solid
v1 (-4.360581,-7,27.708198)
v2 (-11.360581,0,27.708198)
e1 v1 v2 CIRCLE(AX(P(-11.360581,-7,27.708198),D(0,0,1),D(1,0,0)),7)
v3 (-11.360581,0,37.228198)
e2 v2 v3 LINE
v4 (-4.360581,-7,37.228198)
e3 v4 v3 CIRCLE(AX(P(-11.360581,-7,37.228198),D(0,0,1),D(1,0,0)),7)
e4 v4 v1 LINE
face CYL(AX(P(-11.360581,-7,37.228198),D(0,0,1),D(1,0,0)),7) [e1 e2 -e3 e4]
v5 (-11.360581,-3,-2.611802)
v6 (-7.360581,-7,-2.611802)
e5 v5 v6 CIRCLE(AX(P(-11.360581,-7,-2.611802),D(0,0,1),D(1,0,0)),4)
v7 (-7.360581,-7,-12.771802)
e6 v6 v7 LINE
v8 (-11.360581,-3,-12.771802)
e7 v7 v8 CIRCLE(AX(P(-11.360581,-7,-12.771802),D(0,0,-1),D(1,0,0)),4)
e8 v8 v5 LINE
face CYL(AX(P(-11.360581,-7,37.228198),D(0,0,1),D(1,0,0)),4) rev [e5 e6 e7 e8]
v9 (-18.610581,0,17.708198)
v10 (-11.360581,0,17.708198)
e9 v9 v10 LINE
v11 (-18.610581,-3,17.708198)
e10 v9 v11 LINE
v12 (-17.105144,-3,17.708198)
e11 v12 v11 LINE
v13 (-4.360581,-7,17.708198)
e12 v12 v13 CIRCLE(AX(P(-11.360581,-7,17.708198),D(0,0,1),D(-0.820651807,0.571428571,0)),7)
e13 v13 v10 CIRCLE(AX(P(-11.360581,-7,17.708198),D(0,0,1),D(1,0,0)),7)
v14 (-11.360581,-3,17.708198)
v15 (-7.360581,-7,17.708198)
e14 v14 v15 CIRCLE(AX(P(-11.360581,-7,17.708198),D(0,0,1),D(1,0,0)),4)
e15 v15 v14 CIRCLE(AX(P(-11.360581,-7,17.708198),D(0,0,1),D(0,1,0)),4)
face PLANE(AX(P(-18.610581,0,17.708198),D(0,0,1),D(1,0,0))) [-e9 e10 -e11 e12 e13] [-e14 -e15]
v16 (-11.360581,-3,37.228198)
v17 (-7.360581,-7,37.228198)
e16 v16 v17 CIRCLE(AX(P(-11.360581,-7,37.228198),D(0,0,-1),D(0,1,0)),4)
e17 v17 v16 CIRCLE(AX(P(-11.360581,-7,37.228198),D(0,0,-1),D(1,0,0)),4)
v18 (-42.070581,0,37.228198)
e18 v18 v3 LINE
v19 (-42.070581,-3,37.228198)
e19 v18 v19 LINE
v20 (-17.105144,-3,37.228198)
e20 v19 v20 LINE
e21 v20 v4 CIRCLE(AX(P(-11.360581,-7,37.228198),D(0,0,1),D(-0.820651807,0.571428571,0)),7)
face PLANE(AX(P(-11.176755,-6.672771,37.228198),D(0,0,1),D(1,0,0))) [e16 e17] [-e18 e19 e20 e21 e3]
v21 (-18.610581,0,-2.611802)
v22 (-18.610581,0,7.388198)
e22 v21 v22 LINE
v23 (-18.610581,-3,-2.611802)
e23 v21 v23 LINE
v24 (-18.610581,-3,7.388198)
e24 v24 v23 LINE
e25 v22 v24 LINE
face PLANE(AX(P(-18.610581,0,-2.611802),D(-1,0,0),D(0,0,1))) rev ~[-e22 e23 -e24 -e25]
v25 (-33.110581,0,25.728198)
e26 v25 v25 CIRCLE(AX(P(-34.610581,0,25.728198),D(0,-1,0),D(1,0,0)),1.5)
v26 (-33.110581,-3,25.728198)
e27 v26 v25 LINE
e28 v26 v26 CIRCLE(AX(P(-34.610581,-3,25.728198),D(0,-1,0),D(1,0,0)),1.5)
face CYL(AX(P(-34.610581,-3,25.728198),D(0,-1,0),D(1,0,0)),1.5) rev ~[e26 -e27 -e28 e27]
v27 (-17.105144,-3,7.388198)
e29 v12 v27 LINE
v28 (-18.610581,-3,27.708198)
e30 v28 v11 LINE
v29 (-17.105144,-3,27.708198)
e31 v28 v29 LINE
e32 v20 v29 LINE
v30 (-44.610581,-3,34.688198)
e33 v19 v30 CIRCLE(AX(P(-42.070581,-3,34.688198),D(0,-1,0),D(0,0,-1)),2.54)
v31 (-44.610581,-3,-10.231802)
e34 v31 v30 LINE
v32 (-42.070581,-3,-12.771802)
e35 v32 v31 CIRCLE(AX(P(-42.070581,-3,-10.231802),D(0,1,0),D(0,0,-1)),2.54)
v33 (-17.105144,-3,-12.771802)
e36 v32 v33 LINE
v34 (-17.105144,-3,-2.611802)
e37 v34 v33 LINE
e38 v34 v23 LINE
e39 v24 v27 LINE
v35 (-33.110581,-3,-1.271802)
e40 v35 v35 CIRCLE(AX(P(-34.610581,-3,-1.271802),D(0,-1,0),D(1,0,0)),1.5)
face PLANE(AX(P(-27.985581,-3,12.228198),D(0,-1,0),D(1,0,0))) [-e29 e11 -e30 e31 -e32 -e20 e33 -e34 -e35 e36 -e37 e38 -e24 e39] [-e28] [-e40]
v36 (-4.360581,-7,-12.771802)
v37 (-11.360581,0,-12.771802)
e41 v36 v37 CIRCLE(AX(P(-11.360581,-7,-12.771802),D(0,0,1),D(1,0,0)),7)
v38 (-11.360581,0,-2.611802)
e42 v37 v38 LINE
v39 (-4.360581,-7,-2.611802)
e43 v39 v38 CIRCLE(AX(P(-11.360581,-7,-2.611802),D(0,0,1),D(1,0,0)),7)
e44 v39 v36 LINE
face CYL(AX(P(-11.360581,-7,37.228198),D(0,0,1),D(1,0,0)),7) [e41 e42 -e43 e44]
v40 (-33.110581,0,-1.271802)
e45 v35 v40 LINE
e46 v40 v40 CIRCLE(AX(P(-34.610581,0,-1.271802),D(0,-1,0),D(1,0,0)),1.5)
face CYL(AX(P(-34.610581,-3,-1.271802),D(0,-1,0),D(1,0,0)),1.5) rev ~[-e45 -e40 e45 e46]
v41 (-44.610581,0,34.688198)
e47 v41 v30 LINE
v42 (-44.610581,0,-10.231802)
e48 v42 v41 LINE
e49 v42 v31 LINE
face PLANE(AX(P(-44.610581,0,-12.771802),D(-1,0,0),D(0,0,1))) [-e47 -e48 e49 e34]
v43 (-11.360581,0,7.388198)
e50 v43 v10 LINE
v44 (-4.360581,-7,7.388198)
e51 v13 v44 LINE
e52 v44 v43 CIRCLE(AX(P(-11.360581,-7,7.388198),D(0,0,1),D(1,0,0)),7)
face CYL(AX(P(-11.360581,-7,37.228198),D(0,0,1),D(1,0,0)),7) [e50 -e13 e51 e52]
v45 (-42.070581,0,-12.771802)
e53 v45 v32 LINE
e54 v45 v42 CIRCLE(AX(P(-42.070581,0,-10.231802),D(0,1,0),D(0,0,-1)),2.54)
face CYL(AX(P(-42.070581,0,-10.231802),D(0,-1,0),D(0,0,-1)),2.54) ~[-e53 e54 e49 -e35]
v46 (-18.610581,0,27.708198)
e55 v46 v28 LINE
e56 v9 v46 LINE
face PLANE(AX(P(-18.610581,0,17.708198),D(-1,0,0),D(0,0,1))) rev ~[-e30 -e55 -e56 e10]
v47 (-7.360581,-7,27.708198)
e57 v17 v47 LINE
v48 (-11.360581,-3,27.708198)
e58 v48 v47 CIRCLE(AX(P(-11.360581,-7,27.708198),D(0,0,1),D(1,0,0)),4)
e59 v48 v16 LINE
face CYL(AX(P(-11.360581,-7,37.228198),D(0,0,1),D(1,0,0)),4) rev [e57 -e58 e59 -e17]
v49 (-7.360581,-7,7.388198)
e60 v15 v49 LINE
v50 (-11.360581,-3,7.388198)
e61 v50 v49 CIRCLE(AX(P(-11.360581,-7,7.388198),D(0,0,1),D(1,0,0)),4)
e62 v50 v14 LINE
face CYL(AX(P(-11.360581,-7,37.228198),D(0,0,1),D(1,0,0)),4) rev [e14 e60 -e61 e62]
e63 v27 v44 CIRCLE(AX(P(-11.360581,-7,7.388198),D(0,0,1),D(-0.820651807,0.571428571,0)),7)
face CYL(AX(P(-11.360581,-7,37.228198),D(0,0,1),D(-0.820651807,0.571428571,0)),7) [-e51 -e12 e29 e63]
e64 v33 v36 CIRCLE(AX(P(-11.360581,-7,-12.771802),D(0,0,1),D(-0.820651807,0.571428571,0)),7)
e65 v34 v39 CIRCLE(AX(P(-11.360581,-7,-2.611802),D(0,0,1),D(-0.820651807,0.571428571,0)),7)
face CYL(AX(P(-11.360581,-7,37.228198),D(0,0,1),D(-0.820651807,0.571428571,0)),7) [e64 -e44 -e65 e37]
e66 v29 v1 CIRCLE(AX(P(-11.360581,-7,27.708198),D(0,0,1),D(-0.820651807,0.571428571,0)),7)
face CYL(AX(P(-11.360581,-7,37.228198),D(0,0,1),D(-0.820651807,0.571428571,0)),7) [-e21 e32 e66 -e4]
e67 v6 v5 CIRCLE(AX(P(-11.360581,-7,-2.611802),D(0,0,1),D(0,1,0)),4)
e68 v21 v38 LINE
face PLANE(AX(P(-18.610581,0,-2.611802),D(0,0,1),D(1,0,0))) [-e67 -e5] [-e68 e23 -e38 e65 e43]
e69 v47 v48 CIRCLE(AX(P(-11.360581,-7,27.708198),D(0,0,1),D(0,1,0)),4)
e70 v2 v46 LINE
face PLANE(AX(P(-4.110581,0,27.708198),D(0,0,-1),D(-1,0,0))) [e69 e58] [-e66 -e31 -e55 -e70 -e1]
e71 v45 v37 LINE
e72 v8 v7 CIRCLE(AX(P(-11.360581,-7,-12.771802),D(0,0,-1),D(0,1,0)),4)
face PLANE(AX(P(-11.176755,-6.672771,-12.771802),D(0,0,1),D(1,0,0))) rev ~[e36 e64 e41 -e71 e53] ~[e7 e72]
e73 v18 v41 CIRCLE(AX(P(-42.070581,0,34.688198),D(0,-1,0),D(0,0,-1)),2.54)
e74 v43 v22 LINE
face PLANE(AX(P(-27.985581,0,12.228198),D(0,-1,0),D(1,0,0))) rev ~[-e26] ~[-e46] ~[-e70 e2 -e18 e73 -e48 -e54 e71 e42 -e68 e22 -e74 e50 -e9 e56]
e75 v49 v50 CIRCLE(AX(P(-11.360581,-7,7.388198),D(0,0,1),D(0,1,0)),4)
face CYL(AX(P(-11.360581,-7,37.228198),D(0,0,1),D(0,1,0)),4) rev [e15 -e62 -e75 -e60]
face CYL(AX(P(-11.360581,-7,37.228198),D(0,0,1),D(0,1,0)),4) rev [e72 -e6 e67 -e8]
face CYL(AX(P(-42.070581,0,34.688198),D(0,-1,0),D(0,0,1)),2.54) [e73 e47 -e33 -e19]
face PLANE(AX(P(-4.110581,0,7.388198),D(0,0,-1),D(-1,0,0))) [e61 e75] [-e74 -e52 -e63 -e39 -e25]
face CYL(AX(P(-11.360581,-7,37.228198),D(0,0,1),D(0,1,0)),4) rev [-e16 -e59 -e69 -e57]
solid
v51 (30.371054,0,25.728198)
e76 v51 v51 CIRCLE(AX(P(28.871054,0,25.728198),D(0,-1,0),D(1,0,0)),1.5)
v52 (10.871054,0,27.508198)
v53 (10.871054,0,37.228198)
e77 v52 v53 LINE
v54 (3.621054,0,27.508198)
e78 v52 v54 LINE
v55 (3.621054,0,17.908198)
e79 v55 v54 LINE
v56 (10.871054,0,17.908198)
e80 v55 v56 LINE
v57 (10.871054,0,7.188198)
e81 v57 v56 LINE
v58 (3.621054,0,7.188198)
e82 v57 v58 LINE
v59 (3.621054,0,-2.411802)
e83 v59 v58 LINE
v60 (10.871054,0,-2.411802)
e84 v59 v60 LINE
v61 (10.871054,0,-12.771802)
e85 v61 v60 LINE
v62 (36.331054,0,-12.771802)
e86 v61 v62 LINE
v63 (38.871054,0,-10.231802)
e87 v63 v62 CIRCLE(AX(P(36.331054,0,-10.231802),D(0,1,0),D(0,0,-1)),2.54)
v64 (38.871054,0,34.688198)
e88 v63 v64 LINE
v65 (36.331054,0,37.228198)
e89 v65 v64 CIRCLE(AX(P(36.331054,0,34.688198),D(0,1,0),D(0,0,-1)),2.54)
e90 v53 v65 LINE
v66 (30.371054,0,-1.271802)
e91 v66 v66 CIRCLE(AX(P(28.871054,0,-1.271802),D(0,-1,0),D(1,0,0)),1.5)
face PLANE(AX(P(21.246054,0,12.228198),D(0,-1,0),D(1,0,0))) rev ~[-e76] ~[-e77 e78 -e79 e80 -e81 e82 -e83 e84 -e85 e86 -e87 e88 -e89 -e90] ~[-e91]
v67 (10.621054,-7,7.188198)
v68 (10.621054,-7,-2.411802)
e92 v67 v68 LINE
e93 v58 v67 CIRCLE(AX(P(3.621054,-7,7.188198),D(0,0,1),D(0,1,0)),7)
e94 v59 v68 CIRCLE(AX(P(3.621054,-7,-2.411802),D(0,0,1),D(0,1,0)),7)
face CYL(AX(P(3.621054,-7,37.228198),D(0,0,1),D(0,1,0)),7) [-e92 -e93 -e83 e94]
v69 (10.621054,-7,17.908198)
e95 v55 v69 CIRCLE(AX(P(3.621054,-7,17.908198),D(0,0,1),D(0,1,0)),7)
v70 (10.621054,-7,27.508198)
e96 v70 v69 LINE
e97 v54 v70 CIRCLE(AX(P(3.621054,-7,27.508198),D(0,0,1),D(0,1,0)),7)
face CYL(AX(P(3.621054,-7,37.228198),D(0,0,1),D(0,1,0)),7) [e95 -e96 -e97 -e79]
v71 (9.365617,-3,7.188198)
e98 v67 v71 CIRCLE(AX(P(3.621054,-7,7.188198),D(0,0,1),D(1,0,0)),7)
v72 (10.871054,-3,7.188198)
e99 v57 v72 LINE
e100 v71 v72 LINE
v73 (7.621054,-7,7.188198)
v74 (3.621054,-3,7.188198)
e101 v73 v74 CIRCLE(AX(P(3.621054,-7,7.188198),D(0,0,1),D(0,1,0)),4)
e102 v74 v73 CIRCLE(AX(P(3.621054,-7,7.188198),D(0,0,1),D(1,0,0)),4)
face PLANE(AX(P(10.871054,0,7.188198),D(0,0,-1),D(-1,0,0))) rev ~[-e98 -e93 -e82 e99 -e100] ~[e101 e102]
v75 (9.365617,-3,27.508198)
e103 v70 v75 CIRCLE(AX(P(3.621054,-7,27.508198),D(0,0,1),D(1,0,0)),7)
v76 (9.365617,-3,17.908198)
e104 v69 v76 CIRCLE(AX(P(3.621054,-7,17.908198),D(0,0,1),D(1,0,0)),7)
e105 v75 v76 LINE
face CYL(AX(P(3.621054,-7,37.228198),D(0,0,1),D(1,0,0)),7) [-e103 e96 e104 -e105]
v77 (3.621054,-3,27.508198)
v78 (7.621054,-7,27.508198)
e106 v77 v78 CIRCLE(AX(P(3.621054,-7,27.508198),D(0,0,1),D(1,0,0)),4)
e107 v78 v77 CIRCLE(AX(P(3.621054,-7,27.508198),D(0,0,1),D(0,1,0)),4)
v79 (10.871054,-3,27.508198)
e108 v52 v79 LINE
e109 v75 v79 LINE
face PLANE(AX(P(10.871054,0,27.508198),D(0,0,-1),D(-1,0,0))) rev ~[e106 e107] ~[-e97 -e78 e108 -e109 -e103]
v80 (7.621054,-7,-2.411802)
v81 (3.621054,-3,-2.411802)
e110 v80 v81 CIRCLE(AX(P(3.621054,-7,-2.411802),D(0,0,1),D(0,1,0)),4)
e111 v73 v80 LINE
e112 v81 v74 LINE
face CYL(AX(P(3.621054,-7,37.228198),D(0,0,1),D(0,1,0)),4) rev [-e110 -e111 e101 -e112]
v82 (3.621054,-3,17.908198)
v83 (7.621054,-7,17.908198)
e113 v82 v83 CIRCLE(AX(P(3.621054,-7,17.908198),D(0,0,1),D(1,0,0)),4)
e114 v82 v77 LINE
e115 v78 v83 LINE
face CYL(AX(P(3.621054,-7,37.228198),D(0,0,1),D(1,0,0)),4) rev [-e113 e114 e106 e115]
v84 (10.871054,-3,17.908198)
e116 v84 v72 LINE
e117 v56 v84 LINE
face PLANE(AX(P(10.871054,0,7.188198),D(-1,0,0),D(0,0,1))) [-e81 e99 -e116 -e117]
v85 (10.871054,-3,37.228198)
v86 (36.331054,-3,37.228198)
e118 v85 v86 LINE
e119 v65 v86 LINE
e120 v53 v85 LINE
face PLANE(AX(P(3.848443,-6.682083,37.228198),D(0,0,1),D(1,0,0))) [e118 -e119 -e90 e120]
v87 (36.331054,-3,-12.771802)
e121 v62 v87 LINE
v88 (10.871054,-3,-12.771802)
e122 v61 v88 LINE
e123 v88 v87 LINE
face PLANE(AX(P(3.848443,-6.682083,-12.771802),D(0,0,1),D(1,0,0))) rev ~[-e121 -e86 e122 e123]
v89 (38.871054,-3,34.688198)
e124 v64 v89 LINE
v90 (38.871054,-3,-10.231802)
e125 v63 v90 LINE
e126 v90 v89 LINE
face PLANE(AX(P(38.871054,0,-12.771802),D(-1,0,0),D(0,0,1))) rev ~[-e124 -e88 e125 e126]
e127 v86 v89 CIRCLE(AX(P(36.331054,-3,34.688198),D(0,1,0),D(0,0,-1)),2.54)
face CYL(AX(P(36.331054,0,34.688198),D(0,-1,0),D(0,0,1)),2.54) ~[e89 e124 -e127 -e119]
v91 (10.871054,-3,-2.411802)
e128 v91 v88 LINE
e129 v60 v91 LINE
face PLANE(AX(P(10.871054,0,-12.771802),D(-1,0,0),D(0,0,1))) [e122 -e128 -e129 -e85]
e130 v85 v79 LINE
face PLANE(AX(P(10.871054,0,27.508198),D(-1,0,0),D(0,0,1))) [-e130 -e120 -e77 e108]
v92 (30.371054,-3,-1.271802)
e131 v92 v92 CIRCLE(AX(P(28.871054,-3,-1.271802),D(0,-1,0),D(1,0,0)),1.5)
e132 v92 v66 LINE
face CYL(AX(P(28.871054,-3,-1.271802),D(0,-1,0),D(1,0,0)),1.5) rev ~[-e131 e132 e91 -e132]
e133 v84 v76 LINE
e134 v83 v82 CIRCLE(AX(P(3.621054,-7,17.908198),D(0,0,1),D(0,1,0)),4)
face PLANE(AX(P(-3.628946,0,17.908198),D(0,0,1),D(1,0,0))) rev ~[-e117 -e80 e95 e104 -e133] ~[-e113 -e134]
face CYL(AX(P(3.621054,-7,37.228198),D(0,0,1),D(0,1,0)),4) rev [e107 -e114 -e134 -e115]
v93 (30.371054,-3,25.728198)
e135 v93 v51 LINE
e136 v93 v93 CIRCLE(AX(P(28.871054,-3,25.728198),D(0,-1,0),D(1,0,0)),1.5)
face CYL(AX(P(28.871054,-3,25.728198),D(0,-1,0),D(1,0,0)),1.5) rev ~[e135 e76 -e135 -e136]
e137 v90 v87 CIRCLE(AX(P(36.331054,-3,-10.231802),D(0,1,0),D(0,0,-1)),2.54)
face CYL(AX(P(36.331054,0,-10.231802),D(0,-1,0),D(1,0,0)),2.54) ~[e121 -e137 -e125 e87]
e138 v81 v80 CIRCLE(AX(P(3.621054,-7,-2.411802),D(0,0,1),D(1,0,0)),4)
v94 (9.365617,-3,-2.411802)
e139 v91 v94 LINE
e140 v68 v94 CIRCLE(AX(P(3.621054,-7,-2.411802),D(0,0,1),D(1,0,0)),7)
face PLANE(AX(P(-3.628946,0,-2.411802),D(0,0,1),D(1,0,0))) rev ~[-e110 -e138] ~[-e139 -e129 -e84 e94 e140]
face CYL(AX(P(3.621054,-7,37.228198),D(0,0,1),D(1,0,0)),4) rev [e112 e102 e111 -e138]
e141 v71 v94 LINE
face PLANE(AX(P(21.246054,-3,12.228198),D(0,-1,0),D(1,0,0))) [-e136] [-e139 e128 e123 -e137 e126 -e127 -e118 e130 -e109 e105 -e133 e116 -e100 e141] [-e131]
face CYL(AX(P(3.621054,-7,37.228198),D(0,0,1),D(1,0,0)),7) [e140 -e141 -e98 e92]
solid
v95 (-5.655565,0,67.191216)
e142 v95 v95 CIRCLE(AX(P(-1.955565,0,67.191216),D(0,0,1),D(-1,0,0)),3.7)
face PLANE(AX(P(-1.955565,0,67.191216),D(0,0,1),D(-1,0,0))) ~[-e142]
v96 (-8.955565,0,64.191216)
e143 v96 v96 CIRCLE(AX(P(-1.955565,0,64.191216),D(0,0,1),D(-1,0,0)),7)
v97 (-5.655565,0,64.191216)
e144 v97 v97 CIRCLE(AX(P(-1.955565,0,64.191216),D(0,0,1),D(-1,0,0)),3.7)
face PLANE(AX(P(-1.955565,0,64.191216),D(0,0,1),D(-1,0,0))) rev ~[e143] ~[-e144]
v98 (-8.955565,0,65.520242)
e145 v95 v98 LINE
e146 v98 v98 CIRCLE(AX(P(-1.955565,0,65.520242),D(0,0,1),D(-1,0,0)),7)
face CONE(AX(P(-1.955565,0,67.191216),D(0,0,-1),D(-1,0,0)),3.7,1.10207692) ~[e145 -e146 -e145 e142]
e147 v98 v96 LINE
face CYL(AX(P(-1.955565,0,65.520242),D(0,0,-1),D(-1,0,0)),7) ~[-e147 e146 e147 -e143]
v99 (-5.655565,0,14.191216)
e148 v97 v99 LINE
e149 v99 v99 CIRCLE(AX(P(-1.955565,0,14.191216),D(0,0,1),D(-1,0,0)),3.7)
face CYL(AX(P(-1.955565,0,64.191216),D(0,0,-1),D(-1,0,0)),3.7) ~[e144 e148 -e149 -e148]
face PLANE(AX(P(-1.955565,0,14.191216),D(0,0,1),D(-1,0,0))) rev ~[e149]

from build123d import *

# Parameters (mm, degrees)
F0_W      = 33.25
F0_H      = 50
F1_DEPTH  = 3
F3_DEPTH  = 50
F5_R      = 2.54
F6_W      = 7.25
F6_H      = 10
F7_DEPTH  = 25.4
F8_W      = 35.25
F8_H      = 50
F9_DEPTH  = 3
F11_DEPTH = 50
F12_W     = 7.25
F12_H     = 9.72
F12_H_2   = 10.72
F12_H_3   = 10.36
F13_DEPTH = 25.4
F17_R     = 2.54
F4_R      = 1.5
F18_DEPTH = 3
F16_R     = 1.5
F19_DEPTH = 3


with BuildPart() as f1:
    # F0 (on Front) → F1 (new body)
    with BuildSketch(Plane.XZ):
        with Locations((-27.9855814096, 12.2281981356)):
            Rectangle(F0_W, F0_H)
    extrude(amount=F1_DEPTH)

    # F2 (on face) → F3 (join, through all)
    with BuildSketch(Plane.XY.offset(37.2281981356)):
        with BuildLine():
            ThreePointArc((-17.1051440562, -3), (-13.4567757559, -13.6787700412), (-4.3605814096, -7))
            ThreePointArc((-4.3605814096, -7), (-6.4108339413, -2.0502525317), (-11.3605814096, 0))
            Line((-11.3605814096, 0), (-11.3605814096, -3))
            Line((-11.3605814096, -3), (-17.1051440562, -3))
        make_face()
        with BuildLine():
            ThreePointArc((-7.3605814096, -7), (-14.1890085344, -9.8284271247), (-11.3605814096, -3))
            ThreePointArc((-11.3605814096, -3), (-8.5321542849, -4.1715728753), (-7.3605814096, -7))
        make_face(mode=Mode.SUBTRACT)
        with BuildLine():
            Line((-11.3605814096, -3), (-11.3605814096, 0))
            ThreePointArc((-11.3605814096, 0), (-14.6009517588, -0.795163177), (-17.1051440562, -3))
            Line((-17.1051440562, -3), (-11.3605814096, -3))
        make_face()
    extrude(amount=-F3_DEPTH)

    # F5
    f5_edges = [f1.edges().sort_by_distance(p)[0] for p in [
        (-44.610581, -1.5, 37.228198),
        (-44.610581, -1.5, -12.771802),
    ]]
    fillet(f5_edges, radius=F5_R)

    # F6 (on face) → F7 (cut)
    with BuildSketch(Plane.XZ):
        with Locations((-14.9855814096, 22.7081981356)):
            Rectangle(F6_W, F6_H)
        with Locations((-7.7355814096, 22.7081981356)):
            Rectangle(F6_W, F6_H)
        with Locations((-14.9855814096, 2.3881981356)):
            Rectangle(F6_W, F6_H)
        with Locations((-7.7355814096, 2.3881981356)):
            Rectangle(F6_W, F6_H)
    extrude(amount=F7_DEPTH, mode=Mode.SUBTRACT)

    # F4 (on face) → F18 (cut)
    with BuildSketch(Plane.XZ.offset(3)):
        with Locations((-34.6105814096, -1.2718018644)):
            Circle(F4_R)
        with Locations((-34.6105814096, 25.7281981356)):
            Circle(F4_R)
    extrude(amount=-F18_DEPTH, mode=Mode.SUBTRACT)


with BuildPart() as f9:
    # F8 (on Front) → F9 (new body)
    with BuildSketch(Plane.XZ):
        with Locations((21.2460542523, 12.2281981356)):
            Rectangle(F8_W, F8_H)
    extrude(amount=F9_DEPTH)

    # F10 (on face) → F11 (join, through all)
    with BuildSketch(Plane.XY.offset(37.2281981356)):
        with BuildLine():
            Line((3.6210542523, -3), (3.6210542523, 0))
            ThreePointArc((3.6210542523, 0), (-1.328693216, -11.9497474683), (10.6210542523, -7))
            ThreePointArc((10.6210542523, -7), (10.2998242935, -4.9038056538), (9.3656168989, -3))
            Line((9.3656168989, -3), (3.6210542523, -3))
        make_face()
        with BuildLine():
            ThreePointArc((7.6210542523, -7), (0.7926271276, -9.8284271247), (3.6210542523, -3))
            ThreePointArc((3.6210542523, -3), (6.4494813771, -4.1715728753), (7.6210542523, -7))
        make_face(mode=Mode.SUBTRACT)
    extrude(amount=-F11_DEPTH)

    # F12 (on face) → F13 (cut)
    with BuildSketch(Plane(origin=(0, 0, 0), x_dir=(-1, 0, 0), z_dir=(0, 1, 0))):
        with Locations((0.0039457477, 32.3681981356)):
            Rectangle(F12_W, F12_H)
        with Locations((-7.2460542523, 32.3681981356)):
            Rectangle(F12_W, F12_H)
        with Locations((-7.2460542523, 12.5481981356)):
            Rectangle(F12_W, F12_H_2)
        with Locations((0.0039457477, 12.5481981356)):
            Rectangle(F12_W, F12_H_2)
        with Locations((0.0039457477, -7.5918018644)):
            Rectangle(F12_W, F12_H_3)
        with Locations((-7.2460542523, -7.5918018644)):
            Rectangle(F12_W, F12_H_3)
    extrude(amount=-F13_DEPTH, mode=Mode.SUBTRACT)

    # F17
    f17_edges = [f9.edges().sort_by_distance(p)[0] for p in [
        (38.871054, -1.5, 37.228198),
        (38.871054, -1.5, -12.771802),
    ]]
    fillet(f17_edges, radius=F17_R)

    # F16 (on face) → F19 (cut)
    with BuildSketch(Plane.XZ.offset(3)):
        with Locations((28.8710542523, 25.7281981356)):
            Circle(F16_R)
        with Locations((28.8710542523, -1.2718018644)):
            Circle(F16_R)
    extrude(amount=-F19_DEPTH, mode=Mode.SUBTRACT)


with BuildPart() as f15:
    # F14 (on Front) → F15 (revolve)
    with BuildSketch(Plane.XZ):
        Polygon((-8.9555652812, 64.1912163931), (-5.6555652812, 64.1912163931), (-5.6555652812, 14.1912163931), (-1.9555652812, 14.1912163931), (-1.9555652812, 67.1912163931), (-5.6555652812, 67.1912163931), (-8.9555652812, 65.5202418566), align=None)
    revolve(axis=Axis((-1.9555652812, 0, 40.6912163931), (0, 0, 1)))


solid = Compound([f1.part, f9.part, f15.part])
